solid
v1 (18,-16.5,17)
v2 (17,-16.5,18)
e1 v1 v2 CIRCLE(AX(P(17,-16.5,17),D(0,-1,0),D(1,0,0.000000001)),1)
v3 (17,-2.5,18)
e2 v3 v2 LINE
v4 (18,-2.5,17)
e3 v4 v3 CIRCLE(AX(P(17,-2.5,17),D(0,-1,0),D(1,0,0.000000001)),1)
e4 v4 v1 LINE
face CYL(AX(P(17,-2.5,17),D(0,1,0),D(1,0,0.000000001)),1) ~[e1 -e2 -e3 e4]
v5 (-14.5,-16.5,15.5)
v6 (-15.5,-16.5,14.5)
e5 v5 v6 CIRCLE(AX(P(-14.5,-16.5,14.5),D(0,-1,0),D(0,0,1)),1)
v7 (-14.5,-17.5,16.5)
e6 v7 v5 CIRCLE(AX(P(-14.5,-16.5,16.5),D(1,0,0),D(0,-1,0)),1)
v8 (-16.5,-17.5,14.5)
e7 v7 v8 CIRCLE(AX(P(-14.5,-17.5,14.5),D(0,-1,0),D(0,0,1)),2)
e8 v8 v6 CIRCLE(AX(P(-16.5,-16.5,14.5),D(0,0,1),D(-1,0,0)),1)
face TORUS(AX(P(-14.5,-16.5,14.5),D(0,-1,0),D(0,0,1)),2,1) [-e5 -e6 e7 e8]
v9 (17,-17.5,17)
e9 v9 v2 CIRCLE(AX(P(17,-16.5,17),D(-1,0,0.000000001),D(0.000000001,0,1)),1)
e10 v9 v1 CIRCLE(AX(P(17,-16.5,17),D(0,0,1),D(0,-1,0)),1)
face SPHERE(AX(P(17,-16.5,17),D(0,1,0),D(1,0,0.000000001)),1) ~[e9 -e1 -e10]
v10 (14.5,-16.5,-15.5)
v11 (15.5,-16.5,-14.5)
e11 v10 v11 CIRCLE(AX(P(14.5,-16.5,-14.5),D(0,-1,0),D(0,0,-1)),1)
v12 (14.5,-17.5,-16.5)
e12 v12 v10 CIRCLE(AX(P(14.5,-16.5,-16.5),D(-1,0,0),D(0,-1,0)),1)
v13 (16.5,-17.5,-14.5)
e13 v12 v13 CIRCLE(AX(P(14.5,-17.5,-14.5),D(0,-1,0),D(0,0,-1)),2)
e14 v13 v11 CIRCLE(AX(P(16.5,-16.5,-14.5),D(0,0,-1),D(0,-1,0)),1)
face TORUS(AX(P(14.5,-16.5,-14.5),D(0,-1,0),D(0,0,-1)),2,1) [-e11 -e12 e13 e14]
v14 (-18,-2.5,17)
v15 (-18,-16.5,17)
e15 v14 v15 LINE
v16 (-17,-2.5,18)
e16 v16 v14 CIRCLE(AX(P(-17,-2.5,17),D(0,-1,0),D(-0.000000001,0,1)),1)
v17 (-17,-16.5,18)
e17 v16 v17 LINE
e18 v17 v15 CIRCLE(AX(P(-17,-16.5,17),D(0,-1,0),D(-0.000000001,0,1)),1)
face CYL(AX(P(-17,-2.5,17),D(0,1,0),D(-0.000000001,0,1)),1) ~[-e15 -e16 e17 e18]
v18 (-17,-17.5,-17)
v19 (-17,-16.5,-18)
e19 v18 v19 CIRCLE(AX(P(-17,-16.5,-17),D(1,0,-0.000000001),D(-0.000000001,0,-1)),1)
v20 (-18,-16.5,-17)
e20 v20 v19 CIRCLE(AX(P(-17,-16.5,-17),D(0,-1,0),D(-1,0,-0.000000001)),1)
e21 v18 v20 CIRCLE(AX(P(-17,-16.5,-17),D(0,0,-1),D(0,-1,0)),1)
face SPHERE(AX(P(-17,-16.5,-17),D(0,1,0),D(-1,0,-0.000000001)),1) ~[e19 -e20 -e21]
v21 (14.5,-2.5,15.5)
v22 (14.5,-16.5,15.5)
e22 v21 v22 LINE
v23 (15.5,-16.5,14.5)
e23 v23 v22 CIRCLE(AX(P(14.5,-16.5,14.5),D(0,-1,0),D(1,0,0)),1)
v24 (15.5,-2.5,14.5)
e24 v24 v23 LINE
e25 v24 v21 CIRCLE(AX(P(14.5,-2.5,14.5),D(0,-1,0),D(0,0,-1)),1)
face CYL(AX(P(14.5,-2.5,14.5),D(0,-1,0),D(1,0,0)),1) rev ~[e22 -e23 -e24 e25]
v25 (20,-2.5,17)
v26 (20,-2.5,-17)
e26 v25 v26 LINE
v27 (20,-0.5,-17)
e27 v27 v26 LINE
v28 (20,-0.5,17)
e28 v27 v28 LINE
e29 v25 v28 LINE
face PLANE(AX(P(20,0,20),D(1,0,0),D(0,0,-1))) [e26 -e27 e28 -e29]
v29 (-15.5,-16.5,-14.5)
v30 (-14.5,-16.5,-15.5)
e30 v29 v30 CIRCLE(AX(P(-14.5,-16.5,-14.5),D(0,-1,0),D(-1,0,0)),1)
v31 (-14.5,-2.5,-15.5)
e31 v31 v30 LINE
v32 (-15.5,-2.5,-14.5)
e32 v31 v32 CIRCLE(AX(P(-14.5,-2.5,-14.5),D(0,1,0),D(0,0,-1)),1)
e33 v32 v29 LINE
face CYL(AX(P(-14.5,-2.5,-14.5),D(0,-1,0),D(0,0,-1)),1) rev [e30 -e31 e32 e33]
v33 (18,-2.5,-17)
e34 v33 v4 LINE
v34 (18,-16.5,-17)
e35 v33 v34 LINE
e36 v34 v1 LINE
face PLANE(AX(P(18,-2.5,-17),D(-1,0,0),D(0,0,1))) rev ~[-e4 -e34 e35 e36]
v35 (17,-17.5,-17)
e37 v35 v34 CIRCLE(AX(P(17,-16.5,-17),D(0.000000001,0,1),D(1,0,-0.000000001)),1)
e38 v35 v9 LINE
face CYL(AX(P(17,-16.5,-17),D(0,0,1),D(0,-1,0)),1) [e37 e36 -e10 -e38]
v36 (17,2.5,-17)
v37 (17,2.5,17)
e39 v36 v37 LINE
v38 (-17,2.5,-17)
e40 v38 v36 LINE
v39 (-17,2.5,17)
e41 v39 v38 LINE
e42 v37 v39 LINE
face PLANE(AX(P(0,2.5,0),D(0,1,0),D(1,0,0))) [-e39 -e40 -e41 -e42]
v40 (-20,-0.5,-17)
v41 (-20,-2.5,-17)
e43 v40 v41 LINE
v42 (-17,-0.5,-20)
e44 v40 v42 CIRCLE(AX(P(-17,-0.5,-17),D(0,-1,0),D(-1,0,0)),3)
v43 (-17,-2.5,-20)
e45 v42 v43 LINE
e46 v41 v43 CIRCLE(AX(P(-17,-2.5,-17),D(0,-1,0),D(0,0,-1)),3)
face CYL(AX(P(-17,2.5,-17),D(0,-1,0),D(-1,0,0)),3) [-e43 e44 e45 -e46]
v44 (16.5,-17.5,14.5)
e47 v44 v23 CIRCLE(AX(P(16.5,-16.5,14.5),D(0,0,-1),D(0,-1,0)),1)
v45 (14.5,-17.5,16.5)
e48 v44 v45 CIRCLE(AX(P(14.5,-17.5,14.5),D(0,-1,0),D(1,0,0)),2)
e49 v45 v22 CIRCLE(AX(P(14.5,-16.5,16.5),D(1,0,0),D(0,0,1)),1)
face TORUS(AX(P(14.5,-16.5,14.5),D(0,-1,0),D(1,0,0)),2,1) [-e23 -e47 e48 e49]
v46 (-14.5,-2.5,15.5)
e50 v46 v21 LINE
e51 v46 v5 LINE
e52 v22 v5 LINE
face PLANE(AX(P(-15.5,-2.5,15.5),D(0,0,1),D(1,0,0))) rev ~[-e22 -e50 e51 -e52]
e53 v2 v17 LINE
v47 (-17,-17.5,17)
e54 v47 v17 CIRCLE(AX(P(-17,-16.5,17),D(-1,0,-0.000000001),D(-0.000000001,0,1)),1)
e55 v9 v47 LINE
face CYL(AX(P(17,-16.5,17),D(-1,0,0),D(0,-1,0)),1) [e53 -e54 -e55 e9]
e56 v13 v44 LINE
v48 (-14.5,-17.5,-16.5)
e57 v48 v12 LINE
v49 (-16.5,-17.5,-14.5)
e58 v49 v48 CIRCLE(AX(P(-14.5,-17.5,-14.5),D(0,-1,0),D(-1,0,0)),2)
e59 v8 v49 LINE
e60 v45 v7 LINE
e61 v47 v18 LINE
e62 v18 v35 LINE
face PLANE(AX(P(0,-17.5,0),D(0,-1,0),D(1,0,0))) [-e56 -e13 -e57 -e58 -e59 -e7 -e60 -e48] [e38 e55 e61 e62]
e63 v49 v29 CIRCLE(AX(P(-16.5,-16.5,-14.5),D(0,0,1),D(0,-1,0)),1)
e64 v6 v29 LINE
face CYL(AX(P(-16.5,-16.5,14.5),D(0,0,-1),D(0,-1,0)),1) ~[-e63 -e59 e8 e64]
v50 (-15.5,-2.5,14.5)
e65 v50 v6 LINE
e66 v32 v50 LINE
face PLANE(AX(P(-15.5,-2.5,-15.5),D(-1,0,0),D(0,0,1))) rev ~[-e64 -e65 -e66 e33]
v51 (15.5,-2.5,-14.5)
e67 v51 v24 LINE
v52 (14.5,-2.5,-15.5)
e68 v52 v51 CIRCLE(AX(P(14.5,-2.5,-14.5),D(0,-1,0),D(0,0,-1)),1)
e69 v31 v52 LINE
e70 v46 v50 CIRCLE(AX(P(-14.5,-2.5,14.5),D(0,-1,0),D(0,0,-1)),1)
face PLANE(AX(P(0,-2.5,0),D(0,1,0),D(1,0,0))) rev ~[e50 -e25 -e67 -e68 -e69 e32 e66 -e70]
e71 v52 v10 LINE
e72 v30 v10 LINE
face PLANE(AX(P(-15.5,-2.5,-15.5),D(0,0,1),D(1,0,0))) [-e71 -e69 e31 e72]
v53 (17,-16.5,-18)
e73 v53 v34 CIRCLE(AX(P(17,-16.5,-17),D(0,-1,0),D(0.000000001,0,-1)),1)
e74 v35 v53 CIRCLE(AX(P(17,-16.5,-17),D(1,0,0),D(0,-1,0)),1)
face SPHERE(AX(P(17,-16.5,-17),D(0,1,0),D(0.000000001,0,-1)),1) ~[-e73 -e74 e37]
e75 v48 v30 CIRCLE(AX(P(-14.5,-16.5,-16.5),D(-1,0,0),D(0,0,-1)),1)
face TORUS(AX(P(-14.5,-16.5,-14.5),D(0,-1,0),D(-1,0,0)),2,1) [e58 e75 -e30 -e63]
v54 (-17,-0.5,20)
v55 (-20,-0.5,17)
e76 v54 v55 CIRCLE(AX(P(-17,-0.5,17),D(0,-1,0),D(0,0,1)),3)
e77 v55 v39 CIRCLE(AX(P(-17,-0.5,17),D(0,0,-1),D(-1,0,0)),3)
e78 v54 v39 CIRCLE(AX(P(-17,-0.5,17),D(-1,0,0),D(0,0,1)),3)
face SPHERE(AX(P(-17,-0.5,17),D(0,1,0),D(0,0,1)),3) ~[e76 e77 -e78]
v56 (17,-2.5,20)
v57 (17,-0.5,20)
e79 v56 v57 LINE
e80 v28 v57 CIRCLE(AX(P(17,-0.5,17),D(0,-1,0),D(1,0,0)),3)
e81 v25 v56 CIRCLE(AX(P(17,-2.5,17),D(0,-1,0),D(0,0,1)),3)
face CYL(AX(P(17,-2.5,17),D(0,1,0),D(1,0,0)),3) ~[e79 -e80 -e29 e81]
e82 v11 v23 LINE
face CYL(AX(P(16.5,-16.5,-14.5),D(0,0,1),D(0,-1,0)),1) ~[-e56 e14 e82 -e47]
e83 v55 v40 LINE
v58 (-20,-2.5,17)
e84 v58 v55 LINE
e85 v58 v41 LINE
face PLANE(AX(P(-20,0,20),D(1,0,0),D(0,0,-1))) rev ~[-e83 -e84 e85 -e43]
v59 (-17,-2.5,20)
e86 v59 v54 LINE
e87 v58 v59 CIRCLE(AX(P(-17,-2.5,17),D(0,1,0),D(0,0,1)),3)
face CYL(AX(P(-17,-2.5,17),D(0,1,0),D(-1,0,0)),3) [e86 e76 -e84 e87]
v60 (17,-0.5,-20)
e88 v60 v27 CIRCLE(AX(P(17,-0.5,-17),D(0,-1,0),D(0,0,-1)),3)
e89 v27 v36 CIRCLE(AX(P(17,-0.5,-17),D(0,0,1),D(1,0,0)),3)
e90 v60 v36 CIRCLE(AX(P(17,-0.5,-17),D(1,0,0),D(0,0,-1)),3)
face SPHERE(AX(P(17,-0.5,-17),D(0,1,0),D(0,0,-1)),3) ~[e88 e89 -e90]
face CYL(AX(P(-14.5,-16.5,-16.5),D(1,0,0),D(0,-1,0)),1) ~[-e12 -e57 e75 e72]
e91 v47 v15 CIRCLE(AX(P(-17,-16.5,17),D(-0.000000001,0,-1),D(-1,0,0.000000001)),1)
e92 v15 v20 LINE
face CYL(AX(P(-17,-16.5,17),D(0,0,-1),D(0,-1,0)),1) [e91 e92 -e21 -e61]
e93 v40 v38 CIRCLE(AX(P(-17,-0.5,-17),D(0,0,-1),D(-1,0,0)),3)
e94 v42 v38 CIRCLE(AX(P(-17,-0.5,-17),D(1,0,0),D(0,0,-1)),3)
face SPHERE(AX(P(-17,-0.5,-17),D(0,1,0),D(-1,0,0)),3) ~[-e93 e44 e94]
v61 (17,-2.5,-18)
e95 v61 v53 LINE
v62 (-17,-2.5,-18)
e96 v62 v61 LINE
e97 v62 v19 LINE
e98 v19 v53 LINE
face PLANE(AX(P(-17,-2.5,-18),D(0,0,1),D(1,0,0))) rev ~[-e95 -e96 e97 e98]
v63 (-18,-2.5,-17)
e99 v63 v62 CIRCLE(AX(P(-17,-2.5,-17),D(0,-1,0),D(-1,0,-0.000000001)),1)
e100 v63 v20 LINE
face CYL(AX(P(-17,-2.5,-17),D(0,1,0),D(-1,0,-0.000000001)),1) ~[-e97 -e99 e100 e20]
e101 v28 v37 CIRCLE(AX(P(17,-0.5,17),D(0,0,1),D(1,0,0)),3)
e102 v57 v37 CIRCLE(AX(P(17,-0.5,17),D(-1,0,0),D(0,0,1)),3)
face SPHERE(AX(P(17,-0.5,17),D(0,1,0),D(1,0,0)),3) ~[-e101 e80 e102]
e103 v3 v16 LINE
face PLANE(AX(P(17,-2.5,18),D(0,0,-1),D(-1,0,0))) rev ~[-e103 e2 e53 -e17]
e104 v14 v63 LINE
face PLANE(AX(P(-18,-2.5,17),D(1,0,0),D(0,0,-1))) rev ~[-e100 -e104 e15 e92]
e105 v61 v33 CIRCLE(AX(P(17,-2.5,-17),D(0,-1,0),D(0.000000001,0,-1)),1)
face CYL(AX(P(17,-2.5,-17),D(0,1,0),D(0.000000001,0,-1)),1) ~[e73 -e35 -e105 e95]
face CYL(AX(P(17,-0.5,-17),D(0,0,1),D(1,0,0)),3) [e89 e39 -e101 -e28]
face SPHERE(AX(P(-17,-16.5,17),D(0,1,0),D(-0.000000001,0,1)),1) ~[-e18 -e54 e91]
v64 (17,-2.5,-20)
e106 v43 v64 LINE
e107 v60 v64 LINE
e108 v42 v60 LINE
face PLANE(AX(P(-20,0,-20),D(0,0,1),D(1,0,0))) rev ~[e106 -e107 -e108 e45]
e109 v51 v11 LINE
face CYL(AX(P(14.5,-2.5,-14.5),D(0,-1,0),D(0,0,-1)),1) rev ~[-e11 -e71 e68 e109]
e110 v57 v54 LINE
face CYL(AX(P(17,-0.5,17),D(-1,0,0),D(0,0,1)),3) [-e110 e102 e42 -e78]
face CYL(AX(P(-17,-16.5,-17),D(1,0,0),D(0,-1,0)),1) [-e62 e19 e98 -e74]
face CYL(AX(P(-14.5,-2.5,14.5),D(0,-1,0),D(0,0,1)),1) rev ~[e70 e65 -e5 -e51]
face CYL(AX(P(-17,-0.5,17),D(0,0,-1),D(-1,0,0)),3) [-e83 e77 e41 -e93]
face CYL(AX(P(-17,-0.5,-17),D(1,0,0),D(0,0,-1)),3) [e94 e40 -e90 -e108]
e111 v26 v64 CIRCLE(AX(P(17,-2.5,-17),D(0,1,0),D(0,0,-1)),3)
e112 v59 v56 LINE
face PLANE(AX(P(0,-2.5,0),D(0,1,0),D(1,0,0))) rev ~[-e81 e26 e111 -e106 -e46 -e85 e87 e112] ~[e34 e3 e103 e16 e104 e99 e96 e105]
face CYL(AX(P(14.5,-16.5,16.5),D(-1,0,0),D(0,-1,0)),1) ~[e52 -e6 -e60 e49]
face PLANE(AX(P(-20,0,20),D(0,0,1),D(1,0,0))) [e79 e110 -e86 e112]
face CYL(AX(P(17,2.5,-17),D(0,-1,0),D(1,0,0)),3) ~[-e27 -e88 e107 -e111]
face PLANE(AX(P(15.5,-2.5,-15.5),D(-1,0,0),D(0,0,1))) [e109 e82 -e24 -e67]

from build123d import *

# Parameters (mm, degrees)
ESBO_O1_W                = 40
ESBO_O1_H                = 40
RESSALTO_EXTRUS_O1_DEPTH = 2.5
FILETE1_R                = 3
FILETE2_R                = 3
ESBO_O2_W                = 31
ESBO_O2_H                = 31
RESSALTO_EXTRUS_O2_DEPTH = 15
FILETE3_R                = 1
FILETE4_R                = 1


with BuildPart() as part:
    # Esboço1 → Ressalto-extrusão1 (new, symmetric)
    with BuildSketch(Plane(origin=(0, 0, 0), x_dir=(1, 0, 0), z_dir=(0, 1, 0))):
        Rectangle(ESBO_O1_W, ESBO_O1_H)
    extrude(amount=RESSALTO_EXTRUS_O1_DEPTH, both=True)

    # Filete1
    filete1_edges = [part.edges().sort_by_distance(p)[0] for p in [
        (-20, 0, -20),
        (20, 0, -20),
        (20, 0, 20),
        (-20, 0, 20),
    ]]
    fillet(filete1_edges, radius=FILETE1_R)

    # Filete2
    filete2_edges = [part.edges().sort_by_distance(p)[0] for p in [
        (-20, 2.5, 0),
        (0, 2.5, -20),
        (0, 2.5, 20),
        (20, 2.5, 0),
        (19.121320344, 2.5, 19.121320344),
        (-19.121320344, 2.5, 19.121320344),
        (19.121320344, 2.5, -19.121320344),
        (-19.121320344, 2.5, -19.121320344),
    ]]
    fillet(filete2_edges, radius=FILETE2_R)

    # Esboço2 → Ressalto-extrusão2 (add)
    with BuildSketch(Plane.XZ.offset(2.5)):
        with BuildLine():
            Line((-18, 17), (-18, -17))
            ThreePointArc((-18, -17), (-17.707106781, -17.707106781), (-17, -18))
            Line((-17, -18), (17, -18))
            ThreePointArc((17, -18), (17.707106781, -17.707106781), (18, -17))
            Line((18, -17), (18, 17))
            ThreePointArc((18, 17), (17.707106781, 17.707106781), (17, 18))
            Line((17, 18), (-17, 18))
            ThreePointArc((-17, 18), (-17.707106781, 17.707106781), (-18, 17))
        make_face()
        Rectangle(ESBO_O2_W, ESBO_O2_H, mode=Mode.SUBTRACT)
    extrude(amount=RESSALTO_EXTRUS_O2_DEPTH)

    # Filete3
    filete3_edges = [part.edges().sort_by_distance(p)[0] for p in [
        (-15.5, -10, 15.5),
        (-15.5, -10, -15.5),
        (15.5, -10, -15.5),
        (15.5, -10, 15.5),
    ]]
    fillet(filete3_edges, radius=FILETE3_R)

    # Filete4
    filete4_edges = [part.edges().sort_by_distance(p)[0] for p in [
        (15.5, -17.5, 0),
        (-15.5, -17.5, 0),
        (0, -17.5, 15.5),
        (15.207106781, -17.5, -15.207106781),
        (-15.207106781, -17.5, -15.207106781),
        (15.207106781, -17.5, 15.207106781),
        (-15.207106781, -17.5, 15.207106781),
        (-17.707106781, -17.5, 17.707106781),
        (-18, -17.5, 0),
        (-17.707106781, -17.5, -17.707106781),
        (0, -17.5, -18),
        (17.707106781, -17.5, -17.707106781),
        (18, -17.5, 0),
        (17.707106781, -17.5, 17.707106781),
        (0, -17.5, 18),
        (0, -17.5, -15.5),
    ]]
    fillet(filete4_edges, radius=FILETE4_R)


solid = part.part
